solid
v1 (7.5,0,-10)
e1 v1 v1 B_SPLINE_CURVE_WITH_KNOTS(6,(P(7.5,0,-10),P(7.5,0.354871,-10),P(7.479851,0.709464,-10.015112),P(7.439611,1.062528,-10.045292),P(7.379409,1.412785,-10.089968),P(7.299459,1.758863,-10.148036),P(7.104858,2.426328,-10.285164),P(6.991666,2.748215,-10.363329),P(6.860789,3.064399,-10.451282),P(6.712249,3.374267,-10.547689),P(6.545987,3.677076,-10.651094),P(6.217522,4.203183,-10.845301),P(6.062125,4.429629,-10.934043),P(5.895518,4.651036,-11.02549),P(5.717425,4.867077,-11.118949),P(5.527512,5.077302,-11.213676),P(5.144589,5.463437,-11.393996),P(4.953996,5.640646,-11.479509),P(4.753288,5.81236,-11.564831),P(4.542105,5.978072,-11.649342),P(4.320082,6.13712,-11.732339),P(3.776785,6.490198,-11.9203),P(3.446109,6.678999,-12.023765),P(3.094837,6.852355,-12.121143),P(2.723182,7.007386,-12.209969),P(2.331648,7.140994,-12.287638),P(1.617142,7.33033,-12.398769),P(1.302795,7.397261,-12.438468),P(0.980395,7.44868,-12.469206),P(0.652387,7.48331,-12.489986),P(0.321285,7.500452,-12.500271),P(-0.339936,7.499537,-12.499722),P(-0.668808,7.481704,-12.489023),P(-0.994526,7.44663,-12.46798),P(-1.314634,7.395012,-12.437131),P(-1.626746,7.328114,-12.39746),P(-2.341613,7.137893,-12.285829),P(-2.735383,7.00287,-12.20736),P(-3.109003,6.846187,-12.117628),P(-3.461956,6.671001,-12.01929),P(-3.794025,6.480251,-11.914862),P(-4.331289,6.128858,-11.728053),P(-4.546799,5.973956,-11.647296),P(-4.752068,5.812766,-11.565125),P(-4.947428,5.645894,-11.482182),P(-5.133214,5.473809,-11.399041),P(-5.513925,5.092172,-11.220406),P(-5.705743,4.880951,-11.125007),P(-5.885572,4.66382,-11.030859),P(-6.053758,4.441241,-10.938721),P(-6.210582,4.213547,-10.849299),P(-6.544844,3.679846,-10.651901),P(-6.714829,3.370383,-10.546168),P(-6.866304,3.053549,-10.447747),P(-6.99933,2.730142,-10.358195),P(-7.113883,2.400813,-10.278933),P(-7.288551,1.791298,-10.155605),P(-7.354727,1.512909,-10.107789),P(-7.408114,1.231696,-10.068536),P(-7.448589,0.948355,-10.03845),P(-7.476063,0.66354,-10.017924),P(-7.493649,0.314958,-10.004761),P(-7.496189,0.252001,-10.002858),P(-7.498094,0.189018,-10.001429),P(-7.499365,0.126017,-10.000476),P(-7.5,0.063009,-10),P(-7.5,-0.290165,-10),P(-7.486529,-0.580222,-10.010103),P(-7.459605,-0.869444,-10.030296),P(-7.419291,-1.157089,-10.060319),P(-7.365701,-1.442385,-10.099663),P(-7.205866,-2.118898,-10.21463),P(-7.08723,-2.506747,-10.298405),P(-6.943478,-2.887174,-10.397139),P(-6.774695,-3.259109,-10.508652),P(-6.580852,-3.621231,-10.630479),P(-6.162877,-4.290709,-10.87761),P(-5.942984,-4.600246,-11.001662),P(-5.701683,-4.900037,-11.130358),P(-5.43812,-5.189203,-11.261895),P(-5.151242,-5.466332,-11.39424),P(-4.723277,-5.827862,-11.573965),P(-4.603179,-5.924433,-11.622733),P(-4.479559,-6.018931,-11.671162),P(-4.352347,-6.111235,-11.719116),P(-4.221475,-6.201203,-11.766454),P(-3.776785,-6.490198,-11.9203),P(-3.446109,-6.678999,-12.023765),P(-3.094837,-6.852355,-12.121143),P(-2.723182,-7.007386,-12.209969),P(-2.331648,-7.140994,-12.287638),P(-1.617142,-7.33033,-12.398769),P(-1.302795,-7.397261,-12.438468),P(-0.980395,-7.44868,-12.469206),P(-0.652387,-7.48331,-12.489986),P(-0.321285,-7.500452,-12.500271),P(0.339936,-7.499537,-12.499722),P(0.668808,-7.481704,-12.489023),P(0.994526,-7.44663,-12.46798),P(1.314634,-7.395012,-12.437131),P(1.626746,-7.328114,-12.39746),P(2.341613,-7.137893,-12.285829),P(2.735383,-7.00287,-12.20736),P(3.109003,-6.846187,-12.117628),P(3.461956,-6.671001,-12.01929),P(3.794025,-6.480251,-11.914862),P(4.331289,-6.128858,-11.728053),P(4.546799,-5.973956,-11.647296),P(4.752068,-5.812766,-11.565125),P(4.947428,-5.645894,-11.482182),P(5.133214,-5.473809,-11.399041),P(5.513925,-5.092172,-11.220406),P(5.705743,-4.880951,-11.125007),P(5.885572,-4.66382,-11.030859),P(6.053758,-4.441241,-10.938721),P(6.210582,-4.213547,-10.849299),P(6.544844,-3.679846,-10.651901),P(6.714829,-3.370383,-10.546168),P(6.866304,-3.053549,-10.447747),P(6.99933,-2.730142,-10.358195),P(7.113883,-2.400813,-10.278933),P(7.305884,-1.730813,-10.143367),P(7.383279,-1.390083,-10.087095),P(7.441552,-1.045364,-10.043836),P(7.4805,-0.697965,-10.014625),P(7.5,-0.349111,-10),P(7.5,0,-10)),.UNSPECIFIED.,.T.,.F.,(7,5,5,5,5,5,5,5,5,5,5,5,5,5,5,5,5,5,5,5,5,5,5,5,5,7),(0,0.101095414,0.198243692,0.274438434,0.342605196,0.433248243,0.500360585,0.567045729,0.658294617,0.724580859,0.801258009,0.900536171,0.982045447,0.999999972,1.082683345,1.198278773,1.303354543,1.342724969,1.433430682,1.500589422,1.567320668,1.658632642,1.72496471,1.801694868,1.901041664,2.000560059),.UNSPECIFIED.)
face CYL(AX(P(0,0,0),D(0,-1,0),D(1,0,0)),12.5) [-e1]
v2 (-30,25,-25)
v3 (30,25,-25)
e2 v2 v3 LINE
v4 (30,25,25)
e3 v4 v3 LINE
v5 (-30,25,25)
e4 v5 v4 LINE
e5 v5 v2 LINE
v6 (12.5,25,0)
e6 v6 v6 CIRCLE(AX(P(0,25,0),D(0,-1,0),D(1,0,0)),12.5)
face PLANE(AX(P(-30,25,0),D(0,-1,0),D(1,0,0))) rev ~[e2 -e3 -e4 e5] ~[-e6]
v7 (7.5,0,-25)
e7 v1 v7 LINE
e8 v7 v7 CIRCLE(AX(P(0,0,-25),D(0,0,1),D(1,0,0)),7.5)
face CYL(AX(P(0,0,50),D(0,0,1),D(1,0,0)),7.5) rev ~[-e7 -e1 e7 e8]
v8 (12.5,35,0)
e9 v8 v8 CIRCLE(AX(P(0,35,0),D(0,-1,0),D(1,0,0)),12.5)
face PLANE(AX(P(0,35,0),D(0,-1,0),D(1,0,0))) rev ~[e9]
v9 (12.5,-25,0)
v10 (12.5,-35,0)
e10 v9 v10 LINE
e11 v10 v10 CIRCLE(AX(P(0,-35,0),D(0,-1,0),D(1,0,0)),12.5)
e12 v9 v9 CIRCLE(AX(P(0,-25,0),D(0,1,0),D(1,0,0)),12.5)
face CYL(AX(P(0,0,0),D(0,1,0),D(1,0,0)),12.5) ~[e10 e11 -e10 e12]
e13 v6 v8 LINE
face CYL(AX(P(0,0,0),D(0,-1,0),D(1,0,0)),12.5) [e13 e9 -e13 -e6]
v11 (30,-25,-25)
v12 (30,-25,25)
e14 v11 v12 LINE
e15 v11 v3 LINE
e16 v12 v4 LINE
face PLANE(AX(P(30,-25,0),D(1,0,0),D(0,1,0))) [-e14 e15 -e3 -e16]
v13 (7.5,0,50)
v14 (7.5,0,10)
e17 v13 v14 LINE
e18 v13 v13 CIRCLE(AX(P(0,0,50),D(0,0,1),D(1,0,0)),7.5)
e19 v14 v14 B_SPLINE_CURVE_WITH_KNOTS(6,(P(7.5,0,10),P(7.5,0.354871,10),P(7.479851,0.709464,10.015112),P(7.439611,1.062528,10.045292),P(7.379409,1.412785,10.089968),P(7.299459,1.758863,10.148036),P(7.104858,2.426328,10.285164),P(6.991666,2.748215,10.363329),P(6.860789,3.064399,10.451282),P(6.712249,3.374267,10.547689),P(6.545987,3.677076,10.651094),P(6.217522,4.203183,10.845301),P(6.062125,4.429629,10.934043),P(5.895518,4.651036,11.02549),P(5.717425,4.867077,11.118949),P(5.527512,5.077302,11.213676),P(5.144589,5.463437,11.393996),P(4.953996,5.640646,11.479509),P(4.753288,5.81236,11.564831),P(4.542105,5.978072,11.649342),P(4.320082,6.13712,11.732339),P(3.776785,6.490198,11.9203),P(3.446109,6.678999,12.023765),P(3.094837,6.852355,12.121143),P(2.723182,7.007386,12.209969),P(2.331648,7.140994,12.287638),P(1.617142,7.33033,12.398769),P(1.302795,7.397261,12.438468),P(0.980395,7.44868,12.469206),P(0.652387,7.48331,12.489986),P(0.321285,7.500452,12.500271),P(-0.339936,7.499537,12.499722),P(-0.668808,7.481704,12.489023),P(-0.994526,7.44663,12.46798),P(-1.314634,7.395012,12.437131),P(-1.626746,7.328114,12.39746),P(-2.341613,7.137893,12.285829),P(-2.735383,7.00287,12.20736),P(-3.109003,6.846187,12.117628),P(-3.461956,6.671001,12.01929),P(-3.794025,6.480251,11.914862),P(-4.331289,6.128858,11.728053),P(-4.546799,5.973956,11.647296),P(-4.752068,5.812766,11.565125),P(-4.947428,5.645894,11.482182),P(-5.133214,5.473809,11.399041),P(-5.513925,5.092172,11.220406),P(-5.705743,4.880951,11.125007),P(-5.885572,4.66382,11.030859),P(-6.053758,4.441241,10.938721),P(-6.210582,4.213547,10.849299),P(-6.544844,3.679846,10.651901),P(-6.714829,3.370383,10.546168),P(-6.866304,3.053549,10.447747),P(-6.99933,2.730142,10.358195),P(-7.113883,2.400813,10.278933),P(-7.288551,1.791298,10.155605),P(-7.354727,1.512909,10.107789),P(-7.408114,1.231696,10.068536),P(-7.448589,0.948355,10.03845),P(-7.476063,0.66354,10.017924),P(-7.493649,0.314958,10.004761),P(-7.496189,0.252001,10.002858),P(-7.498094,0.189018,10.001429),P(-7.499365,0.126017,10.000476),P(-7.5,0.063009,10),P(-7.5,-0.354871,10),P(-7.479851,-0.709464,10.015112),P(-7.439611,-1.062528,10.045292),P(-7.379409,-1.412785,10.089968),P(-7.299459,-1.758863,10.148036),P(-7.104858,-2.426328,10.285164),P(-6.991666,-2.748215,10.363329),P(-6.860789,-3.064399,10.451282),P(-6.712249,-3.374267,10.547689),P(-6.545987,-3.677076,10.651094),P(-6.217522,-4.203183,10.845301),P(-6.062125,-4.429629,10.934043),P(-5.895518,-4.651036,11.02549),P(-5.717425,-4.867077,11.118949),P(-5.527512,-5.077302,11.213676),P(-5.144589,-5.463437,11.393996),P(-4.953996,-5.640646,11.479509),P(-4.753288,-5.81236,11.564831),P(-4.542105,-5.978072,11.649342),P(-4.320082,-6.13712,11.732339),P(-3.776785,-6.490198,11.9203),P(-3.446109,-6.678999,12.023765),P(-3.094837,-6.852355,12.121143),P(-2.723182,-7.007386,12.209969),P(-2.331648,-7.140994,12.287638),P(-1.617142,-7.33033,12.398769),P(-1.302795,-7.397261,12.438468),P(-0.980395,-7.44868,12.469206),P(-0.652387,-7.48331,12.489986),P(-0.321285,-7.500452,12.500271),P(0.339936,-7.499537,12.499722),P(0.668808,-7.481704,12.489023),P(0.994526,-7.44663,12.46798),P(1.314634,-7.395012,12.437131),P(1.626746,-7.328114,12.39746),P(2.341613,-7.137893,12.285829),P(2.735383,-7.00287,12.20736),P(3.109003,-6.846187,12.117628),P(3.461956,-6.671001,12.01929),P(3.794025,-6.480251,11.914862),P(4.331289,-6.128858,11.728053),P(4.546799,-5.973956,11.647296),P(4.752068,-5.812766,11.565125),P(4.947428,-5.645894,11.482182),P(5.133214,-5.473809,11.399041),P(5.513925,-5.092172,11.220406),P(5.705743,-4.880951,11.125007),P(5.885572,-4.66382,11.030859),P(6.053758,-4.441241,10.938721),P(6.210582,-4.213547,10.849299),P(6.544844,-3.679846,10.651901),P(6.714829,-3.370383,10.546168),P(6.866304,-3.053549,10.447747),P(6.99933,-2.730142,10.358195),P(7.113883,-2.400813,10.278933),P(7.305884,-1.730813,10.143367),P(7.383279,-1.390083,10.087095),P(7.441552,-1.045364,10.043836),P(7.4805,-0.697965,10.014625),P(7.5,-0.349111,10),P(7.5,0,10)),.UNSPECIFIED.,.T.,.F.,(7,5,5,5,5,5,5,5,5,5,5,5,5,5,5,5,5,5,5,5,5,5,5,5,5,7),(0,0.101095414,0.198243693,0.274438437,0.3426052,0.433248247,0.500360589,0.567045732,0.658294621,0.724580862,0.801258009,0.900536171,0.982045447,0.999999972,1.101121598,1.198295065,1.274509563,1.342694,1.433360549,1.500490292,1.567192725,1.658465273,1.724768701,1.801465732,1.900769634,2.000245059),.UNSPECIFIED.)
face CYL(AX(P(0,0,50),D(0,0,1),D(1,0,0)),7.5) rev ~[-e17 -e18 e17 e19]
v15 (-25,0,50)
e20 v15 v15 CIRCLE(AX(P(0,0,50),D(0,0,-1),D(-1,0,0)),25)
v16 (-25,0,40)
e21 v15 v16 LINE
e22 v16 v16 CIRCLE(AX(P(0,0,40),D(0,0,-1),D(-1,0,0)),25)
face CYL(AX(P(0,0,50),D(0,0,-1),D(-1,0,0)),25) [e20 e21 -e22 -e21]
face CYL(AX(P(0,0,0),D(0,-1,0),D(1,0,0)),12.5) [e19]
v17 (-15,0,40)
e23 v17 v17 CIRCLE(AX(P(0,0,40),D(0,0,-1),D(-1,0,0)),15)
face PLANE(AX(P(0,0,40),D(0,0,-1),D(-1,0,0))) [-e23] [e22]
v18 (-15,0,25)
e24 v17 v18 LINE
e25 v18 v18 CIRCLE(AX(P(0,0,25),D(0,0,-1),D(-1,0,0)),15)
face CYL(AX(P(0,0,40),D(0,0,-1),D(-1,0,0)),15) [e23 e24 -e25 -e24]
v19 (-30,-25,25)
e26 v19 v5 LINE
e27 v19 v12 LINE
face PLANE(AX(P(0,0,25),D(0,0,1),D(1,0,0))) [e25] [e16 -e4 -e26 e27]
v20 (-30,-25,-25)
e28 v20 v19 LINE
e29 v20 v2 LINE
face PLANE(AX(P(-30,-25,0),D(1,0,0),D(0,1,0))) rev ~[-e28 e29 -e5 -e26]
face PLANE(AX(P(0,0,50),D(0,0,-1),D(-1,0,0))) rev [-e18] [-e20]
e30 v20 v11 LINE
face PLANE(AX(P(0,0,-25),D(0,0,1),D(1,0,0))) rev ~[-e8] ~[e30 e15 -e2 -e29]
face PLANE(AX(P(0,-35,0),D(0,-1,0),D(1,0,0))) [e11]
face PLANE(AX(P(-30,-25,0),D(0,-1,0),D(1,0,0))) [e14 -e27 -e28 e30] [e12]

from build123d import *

# Parameters (mm, degrees)
F0_W          = 60
F0_H          = 50
F1_DEPTH      = 25
F1_DEPTH_BACK = 25
F4_R          = 7.5
F5_DEPTH      = 75.001
F6_R          = 12.5
F7_DEPTH      = 35
F7_DEPTH_BACK = 35


with BuildPart() as f1:
    # F0 (on Top) → F1 (new body, two sides)
    with BuildSketch(Plane.XY) as f1_sk:
        Rectangle(F0_W, F0_H)
    extrude(amount=F1_DEPTH)
    extrude(f1_sk.sketch, amount=-F1_DEPTH_BACK)

    # F2 (on Front) → F3 (revolve)
    with BuildSketch(Plane.XZ):
        Polygon((-15, 40), (-15, 25), (0, 25), (0, 50), (-25, 50), (-25, 40), align=None)
    revolve(axis=Axis((0, 0, 37.5), (0, 0, -1)))

    # F4 (on face) → F5 (cut, through all)
    with BuildSketch(Plane.XY.offset(50)):
        Circle(F4_R)
    extrude(amount=-F5_DEPTH, mode=Mode.SUBTRACT)

    # F6 (on Front) → F7 (join, two sides)
    with BuildSketch(Plane.XZ) as f7_sk:
        Circle(F6_R)
    extrude(amount=F7_DEPTH)
    extrude(f7_sk.sketch, amount=-F7_DEPTH_BACK)


solid = f1.part
